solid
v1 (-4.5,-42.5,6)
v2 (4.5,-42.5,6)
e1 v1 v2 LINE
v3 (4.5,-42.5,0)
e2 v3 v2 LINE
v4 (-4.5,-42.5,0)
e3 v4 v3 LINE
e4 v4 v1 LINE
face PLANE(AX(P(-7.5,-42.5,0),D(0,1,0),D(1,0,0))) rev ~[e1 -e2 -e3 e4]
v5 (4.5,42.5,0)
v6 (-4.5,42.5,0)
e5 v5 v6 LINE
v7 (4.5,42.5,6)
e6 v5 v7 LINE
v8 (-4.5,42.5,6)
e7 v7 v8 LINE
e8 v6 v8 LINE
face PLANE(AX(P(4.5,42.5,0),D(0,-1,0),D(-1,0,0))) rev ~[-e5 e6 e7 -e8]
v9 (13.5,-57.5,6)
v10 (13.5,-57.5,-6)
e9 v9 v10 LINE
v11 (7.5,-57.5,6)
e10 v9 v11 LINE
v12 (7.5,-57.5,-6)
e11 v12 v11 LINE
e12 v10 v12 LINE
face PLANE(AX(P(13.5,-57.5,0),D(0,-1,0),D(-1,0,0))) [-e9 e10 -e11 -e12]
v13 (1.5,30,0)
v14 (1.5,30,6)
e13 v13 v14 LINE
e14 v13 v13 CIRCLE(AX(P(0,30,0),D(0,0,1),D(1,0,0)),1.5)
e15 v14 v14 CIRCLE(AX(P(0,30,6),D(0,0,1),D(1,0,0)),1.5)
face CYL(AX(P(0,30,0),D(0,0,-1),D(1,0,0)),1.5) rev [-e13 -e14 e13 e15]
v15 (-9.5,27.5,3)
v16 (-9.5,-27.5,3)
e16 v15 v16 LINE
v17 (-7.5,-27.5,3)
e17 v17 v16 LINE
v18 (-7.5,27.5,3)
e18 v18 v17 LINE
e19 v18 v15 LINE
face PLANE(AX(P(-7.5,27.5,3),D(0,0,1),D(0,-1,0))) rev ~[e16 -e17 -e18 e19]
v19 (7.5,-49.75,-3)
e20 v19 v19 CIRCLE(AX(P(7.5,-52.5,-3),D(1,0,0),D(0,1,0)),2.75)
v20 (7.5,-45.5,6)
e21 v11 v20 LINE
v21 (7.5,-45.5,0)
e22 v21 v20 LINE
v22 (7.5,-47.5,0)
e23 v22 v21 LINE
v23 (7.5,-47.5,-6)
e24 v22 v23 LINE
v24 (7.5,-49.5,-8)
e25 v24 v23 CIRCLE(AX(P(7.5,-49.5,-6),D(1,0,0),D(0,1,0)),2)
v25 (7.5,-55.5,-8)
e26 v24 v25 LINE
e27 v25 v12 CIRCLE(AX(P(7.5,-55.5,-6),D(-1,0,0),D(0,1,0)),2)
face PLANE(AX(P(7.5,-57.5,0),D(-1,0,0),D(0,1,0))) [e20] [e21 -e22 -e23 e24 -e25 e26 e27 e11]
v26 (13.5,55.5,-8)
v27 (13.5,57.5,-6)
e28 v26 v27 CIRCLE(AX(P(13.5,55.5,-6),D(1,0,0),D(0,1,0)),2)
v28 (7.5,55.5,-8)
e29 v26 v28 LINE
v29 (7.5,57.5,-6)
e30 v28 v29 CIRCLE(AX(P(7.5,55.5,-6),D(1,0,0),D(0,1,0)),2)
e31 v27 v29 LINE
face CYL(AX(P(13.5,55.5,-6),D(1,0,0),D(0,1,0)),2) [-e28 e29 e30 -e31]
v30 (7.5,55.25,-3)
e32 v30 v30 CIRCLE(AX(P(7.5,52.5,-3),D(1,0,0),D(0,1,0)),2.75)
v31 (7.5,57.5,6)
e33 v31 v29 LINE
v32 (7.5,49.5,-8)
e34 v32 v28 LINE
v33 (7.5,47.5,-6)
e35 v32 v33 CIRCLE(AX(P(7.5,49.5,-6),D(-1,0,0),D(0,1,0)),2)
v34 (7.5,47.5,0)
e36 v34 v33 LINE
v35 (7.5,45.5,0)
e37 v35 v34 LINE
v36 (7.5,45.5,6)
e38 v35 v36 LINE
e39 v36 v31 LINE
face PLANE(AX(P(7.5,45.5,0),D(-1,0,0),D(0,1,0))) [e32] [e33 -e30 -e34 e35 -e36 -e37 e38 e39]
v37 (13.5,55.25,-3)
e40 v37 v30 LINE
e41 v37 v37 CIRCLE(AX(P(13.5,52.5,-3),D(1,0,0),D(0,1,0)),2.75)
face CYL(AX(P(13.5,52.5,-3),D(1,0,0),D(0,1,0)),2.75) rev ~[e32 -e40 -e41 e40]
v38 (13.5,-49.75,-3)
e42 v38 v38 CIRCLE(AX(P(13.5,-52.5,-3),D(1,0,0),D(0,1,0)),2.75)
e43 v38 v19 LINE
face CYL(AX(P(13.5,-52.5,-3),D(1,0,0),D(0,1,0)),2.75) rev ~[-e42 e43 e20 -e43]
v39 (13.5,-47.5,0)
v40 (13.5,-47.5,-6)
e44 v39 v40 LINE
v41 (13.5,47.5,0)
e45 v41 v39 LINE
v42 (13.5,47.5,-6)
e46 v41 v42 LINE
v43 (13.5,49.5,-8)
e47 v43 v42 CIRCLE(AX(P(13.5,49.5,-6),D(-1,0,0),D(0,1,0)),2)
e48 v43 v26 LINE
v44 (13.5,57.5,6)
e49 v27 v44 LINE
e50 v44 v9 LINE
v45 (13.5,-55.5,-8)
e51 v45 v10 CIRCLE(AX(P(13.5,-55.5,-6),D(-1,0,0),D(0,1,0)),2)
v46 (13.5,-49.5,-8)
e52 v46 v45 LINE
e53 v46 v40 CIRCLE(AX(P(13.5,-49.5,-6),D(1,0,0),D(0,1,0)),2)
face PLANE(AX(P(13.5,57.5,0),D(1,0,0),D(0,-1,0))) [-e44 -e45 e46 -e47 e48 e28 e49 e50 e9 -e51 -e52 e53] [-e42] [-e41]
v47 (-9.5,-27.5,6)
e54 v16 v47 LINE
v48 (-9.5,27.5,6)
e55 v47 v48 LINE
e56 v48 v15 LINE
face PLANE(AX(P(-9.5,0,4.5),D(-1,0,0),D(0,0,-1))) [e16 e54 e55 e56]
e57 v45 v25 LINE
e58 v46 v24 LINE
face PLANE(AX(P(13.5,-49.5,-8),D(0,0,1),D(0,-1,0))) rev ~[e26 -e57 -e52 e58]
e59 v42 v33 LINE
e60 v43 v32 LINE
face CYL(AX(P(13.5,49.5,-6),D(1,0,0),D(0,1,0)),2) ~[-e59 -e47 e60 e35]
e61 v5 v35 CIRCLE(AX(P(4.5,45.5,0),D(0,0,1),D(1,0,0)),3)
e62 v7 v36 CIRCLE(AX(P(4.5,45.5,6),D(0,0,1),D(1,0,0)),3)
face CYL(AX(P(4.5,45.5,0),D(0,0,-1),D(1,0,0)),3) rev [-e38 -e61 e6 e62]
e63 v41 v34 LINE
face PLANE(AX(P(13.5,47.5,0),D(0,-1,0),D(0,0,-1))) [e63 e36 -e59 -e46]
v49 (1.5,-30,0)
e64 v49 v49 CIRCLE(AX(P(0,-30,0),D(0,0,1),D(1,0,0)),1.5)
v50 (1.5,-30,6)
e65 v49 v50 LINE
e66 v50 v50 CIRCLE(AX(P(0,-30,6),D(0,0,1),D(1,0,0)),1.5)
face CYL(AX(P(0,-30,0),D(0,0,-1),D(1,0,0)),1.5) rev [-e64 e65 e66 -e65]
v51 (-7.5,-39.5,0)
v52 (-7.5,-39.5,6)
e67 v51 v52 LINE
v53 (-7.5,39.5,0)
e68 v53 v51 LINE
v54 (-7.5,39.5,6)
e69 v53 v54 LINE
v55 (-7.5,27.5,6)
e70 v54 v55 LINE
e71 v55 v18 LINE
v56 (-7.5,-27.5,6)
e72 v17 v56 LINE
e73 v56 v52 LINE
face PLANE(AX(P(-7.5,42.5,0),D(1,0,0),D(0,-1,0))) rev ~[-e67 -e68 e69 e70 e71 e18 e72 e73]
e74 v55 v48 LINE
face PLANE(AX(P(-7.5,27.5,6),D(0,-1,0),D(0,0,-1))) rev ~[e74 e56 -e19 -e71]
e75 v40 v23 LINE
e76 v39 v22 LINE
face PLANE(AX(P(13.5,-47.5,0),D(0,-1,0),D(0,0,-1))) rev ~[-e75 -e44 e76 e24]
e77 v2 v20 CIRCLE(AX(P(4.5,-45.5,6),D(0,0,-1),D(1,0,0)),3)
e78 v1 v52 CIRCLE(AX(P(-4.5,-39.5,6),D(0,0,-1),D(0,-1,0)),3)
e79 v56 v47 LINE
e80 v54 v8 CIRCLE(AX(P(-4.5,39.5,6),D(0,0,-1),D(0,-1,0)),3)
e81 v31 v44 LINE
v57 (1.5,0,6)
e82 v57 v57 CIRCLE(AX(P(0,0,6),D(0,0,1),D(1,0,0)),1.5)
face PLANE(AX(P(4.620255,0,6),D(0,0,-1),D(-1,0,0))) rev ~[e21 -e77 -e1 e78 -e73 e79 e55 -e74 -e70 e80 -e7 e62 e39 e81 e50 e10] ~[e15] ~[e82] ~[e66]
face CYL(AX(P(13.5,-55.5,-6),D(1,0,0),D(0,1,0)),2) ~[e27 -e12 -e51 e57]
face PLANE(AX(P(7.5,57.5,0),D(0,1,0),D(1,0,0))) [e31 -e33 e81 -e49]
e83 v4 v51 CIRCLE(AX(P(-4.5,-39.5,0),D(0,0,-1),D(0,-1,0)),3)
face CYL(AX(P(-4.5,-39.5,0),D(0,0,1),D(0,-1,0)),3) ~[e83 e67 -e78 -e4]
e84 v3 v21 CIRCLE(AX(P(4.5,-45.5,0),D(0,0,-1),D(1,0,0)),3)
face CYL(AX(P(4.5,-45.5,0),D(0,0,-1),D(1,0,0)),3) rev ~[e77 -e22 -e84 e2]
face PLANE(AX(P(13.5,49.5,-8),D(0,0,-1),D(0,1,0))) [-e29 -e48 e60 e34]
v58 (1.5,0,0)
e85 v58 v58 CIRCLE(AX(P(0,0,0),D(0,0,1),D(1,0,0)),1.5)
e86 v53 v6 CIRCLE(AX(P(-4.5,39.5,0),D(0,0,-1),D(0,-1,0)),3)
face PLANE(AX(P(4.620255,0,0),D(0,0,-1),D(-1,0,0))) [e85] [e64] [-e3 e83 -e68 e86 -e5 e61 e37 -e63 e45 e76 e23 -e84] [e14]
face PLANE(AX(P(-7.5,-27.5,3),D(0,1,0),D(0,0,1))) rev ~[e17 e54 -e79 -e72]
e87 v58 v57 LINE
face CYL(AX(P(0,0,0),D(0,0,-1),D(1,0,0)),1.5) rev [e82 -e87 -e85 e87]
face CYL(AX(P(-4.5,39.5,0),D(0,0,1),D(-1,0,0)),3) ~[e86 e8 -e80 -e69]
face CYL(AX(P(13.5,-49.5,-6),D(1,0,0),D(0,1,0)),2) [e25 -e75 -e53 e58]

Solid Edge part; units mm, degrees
sketch "Sketch1" plane through (0, 0, 0) normal (0, 0, 1) x (1, 0, 0)
  arc A0 (4.5, 42.5) -> (7.5, 45.5) centre (4.5, 45.5) ccw
  line L0 (7.5, 45.5) -> (7.5, 57.5)
  line L1 (7.5, 57.5) -> (13.5, 57.5)
  line L2 (13.5, 57.5) -> (13.5, -57.5)
  line L3 (13.5, -57.5) -> (7.5, -57.5)
  line L4 (7.5, -57.5) -> (7.5, -45.5)
  arc A1 (4.5, -42.5) -> (7.5, -45.5) centre (4.5, -45.5) cw
  line L5 (-7.5, -42.5) -> (4.5, -42.5)
  line L6 (-7.5, 42.5) -> (-7.5, -42.5)
  line L7 (4.5, 42.5) -> (-7.5, 42.5)
  circle A2 centre (0, 0) radius 1.5
  circle A3 centre (0, -30) radius 1.5
  circle A4 centre (0, 30) radius 1.5
extrude "Protrusion1" add sketch "Sketch1" along normal blind 6
fillet "Round_1" radius 3 2 edges at (-7.5, 42.5, 3) (-7.5, -42.5, 3)
sketch "Sketch2" plane through (13.5, 0, 2) normal (1, 0, 0) x (0, 1, 0)
  line L0 (-57.5, -2) -> (-47.5, -2)
  line L1 (-47.5, -2) -> (-47.5, -8)
  arc A0 (-49.5, -10) -> (-47.5, -8) centre (-49.5, -8) ccw
  line L2 (-49.5, -10) -> (-55.5, -10)
  arc A1 (-55.5, -10) -> (-57.5, -8) centre (-55.5, -8) cw
  line L3 (-57.5, -8) -> (-57.5, -2)
  circle A2 centre (-52.5, -5) radius 1.75
  line L4 (57.5, -2) -> (47.5, -2)
  line L5 (47.5, -2) -> (47.5, -8)
  arc A3 (49.5, -10) -> (47.5, -8) centre (49.5, -8) cw
  line L6 (49.5, -10) -> (55.5, -10)
  arc A4 (55.5, -10) -> (57.5, -8) centre (55.5, -8) ccw
  line L7 (57.5, -8) -> (57.5, -2)
  circle A5 centre (52.5, -5) radius 1.75
extrude "ExtrudedProtrusion_2" add sketch "Sketch2" against normal blind 6
sketch "Sketch3" plane through (-7.5, 0, 3) normal (-1, 0, 0) x (0, -1, 0)
  line L0 (-27.5, 0) -> (27.5, 0)
  line L1 (27.5, 0) -> (27.5, 3)
  line L2 (27.5, 3) -> (-27.5, 3)
  line L3 (-27.5, 3) -> (-27.5, 0)
extrude "ExtrudedProtrusion_3" add sketch "Sketch3" along normal blind 2
sketch "Sketch4" plane through (13.5, 0, -1) normal (1, 0, 0) x (0, 1, 0)
  circle A0 centre (-52.5, -2) radius 2.75
  circle A1 centre (52.5, -2) radius 2.75
extrude "ExtrudedCutout_1" cut sketch "Sketch4" against normal blind 10
